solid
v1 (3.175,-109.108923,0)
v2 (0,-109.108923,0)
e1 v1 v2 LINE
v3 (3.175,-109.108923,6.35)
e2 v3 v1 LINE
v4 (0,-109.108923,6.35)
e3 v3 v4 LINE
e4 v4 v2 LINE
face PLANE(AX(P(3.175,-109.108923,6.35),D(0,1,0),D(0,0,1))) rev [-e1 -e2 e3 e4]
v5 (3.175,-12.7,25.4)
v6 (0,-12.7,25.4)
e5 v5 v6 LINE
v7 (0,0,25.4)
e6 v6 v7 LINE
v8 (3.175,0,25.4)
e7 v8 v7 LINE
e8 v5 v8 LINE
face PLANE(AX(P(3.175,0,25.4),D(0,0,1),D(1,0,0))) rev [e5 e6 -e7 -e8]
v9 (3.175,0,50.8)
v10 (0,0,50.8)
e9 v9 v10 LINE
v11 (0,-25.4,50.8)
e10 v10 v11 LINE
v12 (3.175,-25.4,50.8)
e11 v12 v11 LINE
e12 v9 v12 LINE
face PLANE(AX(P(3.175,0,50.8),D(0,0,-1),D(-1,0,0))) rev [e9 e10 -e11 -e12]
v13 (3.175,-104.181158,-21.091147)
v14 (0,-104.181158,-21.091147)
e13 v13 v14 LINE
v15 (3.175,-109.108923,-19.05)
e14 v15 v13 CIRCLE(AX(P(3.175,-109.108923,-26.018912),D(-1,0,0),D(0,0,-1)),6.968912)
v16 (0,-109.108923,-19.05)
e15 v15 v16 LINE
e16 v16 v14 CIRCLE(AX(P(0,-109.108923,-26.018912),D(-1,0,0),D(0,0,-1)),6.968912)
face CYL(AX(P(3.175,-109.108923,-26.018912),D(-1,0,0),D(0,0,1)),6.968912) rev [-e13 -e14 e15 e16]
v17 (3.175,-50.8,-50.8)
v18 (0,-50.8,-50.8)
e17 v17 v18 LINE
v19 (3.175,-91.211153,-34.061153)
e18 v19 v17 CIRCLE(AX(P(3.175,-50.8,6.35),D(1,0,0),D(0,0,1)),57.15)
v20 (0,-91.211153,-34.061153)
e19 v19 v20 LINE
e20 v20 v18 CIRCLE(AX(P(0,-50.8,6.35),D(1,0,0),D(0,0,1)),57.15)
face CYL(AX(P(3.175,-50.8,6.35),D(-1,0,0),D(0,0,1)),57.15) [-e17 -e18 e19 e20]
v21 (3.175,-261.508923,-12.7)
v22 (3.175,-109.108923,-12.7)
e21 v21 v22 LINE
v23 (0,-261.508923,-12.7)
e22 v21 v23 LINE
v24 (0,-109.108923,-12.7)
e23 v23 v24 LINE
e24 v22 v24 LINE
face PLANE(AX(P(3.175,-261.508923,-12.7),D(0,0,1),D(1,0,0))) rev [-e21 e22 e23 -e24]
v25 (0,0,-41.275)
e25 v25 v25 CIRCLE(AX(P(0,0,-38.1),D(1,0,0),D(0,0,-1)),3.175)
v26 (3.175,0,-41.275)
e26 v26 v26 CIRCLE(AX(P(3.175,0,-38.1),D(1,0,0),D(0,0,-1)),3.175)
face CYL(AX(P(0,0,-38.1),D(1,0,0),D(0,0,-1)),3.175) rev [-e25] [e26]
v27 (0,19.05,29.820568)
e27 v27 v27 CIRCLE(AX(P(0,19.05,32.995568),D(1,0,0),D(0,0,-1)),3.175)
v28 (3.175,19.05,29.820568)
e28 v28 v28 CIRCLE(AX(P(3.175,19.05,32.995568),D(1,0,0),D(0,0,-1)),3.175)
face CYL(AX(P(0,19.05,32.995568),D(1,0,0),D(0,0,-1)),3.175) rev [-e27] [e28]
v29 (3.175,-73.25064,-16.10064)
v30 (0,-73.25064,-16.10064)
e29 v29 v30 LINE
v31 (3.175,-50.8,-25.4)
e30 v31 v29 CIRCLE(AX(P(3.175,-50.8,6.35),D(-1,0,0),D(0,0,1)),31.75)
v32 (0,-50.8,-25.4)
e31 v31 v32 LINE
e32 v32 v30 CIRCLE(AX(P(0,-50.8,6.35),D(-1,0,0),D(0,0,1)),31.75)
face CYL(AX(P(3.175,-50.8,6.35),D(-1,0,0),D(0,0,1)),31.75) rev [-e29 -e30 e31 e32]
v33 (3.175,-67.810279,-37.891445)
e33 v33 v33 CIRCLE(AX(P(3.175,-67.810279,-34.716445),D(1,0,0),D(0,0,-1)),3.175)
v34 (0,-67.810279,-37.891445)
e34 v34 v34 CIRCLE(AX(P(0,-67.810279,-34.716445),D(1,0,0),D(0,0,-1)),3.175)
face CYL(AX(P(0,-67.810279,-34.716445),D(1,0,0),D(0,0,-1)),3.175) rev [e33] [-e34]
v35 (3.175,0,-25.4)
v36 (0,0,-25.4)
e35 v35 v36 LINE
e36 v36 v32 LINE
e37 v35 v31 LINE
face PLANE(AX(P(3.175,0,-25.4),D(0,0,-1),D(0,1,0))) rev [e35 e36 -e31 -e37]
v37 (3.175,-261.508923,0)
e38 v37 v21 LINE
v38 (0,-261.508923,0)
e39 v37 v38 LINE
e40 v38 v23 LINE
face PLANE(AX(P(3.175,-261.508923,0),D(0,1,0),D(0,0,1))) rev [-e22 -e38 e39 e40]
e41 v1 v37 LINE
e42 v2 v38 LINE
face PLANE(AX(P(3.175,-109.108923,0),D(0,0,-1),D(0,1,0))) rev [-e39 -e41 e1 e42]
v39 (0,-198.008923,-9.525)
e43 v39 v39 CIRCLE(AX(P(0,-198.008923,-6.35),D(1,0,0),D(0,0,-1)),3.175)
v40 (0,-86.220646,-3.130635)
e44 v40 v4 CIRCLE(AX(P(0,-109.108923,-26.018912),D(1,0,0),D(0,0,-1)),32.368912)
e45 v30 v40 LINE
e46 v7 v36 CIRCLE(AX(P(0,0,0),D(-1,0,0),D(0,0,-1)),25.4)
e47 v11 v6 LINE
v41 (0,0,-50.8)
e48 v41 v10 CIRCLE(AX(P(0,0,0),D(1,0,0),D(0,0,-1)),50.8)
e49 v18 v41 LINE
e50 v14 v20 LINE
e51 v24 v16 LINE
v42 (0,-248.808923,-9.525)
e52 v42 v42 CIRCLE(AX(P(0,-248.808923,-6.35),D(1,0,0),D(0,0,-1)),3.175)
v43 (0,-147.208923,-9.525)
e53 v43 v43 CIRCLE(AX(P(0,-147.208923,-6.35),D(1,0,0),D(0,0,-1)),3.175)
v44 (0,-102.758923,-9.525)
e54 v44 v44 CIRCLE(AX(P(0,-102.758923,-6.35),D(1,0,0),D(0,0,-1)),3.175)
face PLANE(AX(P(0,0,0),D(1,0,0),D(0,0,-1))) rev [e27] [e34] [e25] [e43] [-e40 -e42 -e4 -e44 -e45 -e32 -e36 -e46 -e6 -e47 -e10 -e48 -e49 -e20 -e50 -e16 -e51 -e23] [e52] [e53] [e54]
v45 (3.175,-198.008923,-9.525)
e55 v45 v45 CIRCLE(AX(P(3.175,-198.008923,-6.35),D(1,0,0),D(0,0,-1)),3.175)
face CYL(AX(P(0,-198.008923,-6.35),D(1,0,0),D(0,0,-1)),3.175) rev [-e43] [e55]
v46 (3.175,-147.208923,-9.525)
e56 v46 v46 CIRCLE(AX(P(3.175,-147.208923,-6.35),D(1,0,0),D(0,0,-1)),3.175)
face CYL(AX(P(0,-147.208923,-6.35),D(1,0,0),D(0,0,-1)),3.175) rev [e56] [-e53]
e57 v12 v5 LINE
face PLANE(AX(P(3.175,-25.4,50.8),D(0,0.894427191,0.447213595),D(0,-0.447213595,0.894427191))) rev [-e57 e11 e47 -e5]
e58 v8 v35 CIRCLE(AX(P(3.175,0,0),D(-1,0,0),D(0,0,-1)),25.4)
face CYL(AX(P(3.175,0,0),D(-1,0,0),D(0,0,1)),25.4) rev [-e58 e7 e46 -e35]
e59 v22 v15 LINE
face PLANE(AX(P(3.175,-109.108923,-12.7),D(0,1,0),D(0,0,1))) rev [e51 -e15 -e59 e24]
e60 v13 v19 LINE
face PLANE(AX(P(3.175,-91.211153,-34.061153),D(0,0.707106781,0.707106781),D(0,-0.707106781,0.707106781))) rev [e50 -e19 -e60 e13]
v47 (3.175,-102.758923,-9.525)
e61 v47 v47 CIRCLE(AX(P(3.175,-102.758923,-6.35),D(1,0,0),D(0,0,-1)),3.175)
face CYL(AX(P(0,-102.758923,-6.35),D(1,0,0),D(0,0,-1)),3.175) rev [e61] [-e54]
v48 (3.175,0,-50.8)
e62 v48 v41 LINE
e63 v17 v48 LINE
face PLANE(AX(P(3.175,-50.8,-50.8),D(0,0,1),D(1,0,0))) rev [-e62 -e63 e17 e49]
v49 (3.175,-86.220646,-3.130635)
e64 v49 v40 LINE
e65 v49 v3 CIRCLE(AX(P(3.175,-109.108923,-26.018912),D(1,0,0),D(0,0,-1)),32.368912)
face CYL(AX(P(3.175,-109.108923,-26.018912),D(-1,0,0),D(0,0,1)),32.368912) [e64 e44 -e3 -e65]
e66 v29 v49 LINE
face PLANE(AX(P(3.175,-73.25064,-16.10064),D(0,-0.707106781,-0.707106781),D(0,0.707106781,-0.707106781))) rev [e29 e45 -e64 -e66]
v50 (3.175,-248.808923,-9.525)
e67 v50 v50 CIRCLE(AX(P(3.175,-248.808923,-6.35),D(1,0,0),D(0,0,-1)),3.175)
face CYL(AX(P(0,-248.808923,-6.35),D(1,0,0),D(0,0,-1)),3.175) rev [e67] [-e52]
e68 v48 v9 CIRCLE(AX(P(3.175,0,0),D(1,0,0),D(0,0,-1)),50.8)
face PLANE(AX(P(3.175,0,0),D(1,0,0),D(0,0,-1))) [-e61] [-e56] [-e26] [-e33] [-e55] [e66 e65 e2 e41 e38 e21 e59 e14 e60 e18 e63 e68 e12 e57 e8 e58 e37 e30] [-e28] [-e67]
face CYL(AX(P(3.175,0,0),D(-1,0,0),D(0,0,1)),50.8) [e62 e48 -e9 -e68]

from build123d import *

# Parameters (mm, degrees)
BOSS_EXTRUDE1_DEPTH = 3.175
SKETCH2_R           = 3.175
CUT_EXTRUDE1_DEPTH  = 4.175


with BuildPart() as part:
    # Sketch1 → Boss-Extrude1 (new body)
    with BuildSketch(Plane(origin=(0, 0, 0), x_dir=(0, 0, -1), z_dir=(1, 0, 0))):
        with BuildLine():
            Line((-50.8, 0), (-50.8, -25.4))
            Line((-50.8, -25.4), (-25.4, -12.7))
            Line((-25.4, -12.7), (-25.4, 0))
            ThreePointArc((-25.4, 0), (0, 25.4), (25.4, 0))
            Line((25.4, 0), (25.4, -50.8))
            ThreePointArc((25.4, -50.8), (22.983175157, -62.950198978), (16.100640303, -73.250640303))
            Line((16.100640303, -73.250640303), (3.130634922, -86.220645683))
            ThreePointArc((3.130634922, -86.220645683), (-3.886063261, -96.721876619), (-6.35, -109.108923092))
            Line((-6.35, -109.108923092), (0, -109.108923092))
            Line((0, -109.108923092), (0, -261.508923092))
            Line((0, -261.508923092), (12.7, -261.508923092))
            Line((12.7, -261.508923092), (12.7, -109.108923092))
            Line((12.7, -109.108923092), (19.05, -109.108923092))
            ThreePointArc((19.05, -109.108923092), (19.580476865, -106.442035801), (21.091147164, -104.181157925))
            Line((21.091147164, -104.181157925), (34.061152545, -91.211152545))
            ThreePointArc((34.061152545, -91.211152545), (46.449715283, -72.67035816), (50.8, -50.8))
            Line((50.8, -50.8), (50.8, 0))
            ThreePointArc((50.8, 0), (0, 50.8), (-50.8, 0))
        make_face()
    extrude(amount=BOSS_EXTRUDE1_DEPTH)

    # Sketch2 → Cut-Extrude1 (cut, through all)
    with BuildSketch(Plane(origin=(3.175, 0, 0), x_dir=(0, 0, -1), z_dir=(1, 0, 0))):
        with Locations((38.1, 0)):
            Circle(SKETCH2_R)
        with Locations((-32.995567884, 19.05)):
            Circle(SKETCH2_R)
        with Locations((34.71644522, -67.810278569)):
            Circle(SKETCH2_R)
        with Locations((6.35, -102.758923092)):
            Circle(SKETCH2_R)
        with Locations((6.35, -248.808923092)):
            Circle(SKETCH2_R)
        with Locations((6.35, -198.008923092)):
            Circle(SKETCH2_R)
        with Locations((6.35, -147.208923092)):
            Circle(SKETCH2_R)
    extrude(amount=-CUT_EXTRUDE1_DEPTH, mode=Mode.SUBTRACT)


solid = part.part
